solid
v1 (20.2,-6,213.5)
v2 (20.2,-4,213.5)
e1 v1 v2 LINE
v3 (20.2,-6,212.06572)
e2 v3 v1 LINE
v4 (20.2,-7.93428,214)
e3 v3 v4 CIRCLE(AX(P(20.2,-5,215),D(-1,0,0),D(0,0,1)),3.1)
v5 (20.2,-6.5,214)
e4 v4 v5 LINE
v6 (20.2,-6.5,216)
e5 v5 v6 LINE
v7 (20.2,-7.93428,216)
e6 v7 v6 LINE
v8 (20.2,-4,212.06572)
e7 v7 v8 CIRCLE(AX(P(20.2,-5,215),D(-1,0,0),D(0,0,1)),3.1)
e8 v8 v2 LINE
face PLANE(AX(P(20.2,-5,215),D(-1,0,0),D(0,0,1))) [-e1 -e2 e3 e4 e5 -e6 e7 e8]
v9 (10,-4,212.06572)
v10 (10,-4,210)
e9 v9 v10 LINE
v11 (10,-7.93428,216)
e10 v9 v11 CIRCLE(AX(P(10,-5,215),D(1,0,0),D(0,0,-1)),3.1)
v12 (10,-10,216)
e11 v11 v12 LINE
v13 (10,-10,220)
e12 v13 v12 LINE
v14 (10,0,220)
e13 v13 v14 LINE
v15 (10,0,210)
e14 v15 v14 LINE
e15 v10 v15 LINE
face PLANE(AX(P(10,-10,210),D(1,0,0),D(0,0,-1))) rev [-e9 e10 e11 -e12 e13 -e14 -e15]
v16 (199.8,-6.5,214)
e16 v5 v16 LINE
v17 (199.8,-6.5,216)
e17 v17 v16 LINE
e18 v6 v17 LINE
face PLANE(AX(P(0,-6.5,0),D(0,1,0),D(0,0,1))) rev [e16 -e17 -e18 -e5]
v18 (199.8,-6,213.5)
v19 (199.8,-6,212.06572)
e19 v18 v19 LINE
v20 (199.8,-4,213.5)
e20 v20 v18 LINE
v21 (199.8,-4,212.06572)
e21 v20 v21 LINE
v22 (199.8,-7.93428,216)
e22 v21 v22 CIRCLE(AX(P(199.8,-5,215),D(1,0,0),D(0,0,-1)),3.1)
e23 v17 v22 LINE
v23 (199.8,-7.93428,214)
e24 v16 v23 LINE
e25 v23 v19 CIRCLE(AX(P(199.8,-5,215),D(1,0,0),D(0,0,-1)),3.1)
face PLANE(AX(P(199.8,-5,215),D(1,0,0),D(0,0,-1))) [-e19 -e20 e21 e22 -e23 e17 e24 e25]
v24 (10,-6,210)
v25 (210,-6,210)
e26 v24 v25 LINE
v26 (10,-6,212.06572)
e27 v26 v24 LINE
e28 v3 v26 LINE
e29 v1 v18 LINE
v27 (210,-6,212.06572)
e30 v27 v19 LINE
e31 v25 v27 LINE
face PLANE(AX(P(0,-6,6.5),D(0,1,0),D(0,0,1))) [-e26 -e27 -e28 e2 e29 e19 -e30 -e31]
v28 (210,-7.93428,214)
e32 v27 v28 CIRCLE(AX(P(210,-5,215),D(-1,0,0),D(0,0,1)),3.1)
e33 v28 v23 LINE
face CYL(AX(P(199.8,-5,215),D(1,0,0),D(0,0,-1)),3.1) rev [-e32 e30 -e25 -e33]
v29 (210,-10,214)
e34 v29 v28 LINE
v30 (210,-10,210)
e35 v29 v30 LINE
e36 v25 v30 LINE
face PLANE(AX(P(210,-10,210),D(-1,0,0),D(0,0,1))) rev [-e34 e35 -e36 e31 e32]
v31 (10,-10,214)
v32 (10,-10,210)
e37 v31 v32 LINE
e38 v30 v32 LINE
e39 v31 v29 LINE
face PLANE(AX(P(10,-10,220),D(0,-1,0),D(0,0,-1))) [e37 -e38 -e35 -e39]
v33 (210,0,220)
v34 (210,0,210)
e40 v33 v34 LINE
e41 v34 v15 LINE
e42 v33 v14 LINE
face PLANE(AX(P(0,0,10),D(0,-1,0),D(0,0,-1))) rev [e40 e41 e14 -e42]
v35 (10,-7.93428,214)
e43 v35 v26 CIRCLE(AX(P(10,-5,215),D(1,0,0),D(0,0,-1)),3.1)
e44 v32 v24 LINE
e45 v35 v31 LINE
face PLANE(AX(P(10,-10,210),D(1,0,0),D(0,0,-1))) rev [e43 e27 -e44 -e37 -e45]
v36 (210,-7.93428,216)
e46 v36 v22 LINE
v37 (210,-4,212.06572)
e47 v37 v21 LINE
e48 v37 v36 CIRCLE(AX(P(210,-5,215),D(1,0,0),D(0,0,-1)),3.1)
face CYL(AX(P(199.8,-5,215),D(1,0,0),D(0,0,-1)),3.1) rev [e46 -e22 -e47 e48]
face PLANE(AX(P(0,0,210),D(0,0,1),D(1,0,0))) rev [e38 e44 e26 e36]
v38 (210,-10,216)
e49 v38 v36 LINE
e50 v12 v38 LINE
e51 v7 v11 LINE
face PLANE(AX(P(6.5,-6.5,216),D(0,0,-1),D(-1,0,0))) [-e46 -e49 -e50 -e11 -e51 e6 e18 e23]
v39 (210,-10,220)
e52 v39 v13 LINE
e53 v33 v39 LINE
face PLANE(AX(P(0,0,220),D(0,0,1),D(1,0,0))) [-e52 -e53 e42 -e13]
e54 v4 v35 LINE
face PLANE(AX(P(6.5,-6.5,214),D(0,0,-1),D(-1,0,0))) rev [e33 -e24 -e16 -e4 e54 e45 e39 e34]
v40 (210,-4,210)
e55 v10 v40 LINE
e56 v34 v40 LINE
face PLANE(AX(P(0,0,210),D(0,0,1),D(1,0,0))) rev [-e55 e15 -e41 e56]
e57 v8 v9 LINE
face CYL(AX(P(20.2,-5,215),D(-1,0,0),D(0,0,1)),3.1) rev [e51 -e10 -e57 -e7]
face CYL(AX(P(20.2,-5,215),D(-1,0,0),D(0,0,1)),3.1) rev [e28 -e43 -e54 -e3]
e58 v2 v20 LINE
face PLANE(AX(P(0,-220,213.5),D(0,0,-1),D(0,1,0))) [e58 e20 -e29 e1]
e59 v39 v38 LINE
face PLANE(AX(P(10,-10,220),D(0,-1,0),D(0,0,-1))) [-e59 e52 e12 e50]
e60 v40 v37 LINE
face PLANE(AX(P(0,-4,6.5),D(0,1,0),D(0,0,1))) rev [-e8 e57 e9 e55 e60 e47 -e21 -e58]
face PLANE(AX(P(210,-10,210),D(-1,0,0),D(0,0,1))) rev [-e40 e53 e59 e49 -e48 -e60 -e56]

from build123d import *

# Parameters (mm, degrees)
CROQUIS2_W                   = 220
CROQUIS2_H                   = 220
CROQUIS2_W_2                 = 200
CROQUIS2_H_2                 = 200
SALIENTE_EXTRUIR1_DEPTH      = 10
CROQUIS3_W                   = 212
CROQUIS3_H                   = 212
CROQUIS3_W_2                 = 210
CROQUIS3_H_2                 = 210
CROQUIS3_W_3                 = 208
CROQUIS3_H_3                 = 208
CORTAR_EXTRUIR1_DEPTH        = 3.5
CROQUIS4_W                   = 10
CROQUIS4_H                   = 10
SALIENTE_EXTRUIR2_DEPTH      = 200
SALIENTE_EXTRUIR2_DEPTH_BACK = 10
CROQUIS6_W                   = 3.5
CROQUIS6_H                   = 2
CROQUIS6_W_2                 = 2
CROQUIS6_H_2                 = 3.5
CROQUIS6_W_3                 = 1.99805467
CORTAR_EXTRUIR2_DEPTH        = 203.5
CROQUIS7_W                   = 220
CROQUIS7_H                   = 220
CROQUIS7_W_2                 = 200
CROQUIS7_H_2                 = 200
SALIENTE_EXTRUIR3_DEPTH      = 10
CORTAR_EXTRUIR3_START        = -3.5
CROQUIS8_W                   = 207
CROQUIS8_H                   = 2
CORTAR_EXTRUIR3_DEPTH        = 207
MATRIZC1_COUNT               = 4
CROQUIS9_W                   = 86
CROQUIS9_H                   = 16
BRAZOS_DEPTH                 = 10
MATRIZC2_COUNT               = 4
CORTAR_EXTRUIR4_DEPTH        = 221
CORTAR_EXTRUIR6_DEPTH        = 11
CROQUIS12_R                  = 3.1
CORTAR_EXTRUIR7_DEPTH        = 10.2
CROQUIS13_R                  = 3.1
CORTAR_EXTRUIR8_DEPTH        = 10.2


with BuildPart() as part:
    # Croquis2 → Saliente-Extruir1 (new body)
    with BuildSketch(Plane.XY):
        with Locations((110, -110)):
            Rectangle(CROQUIS2_W, CROQUIS2_H)
        with Locations((110, -110)):
            Rectangle(CROQUIS2_W_2, CROQUIS2_H_2, mode=Mode.SUBTRACT)
    extrude(amount=SALIENTE_EXTRUIR1_DEPTH)

    # Croquis3 → Cortar-Extruir1 (cut)
    with BuildSketch(Plane.XY.offset(10)):
        with Locations((110, -110)):
            Rectangle(CROQUIS3_W, CROQUIS3_H)
        with Locations((110, -110)):
            Rectangle(CROQUIS3_W_2, CROQUIS3_H_2, mode=Mode.SUBTRACT)
        with Locations((110, -110)):
            Rectangle(CROQUIS3_W_2, CROQUIS3_H_2)
        with Locations((110, -110)):
            Rectangle(CROQUIS3_W_3, CROQUIS3_H_3, mode=Mode.SUBTRACT)
    extrude(amount=-CORTAR_EXTRUIR1_DEPTH, mode=Mode.SUBTRACT)

    # Croquis4 → Saliente-Extruir2 (add, two sides)
    with BuildSketch(Plane.XY.offset(10)) as saliente_extruir2_sk:
        with Locations((5, -5)):
            Rectangle(CROQUIS4_W, CROQUIS4_H)
        with Locations((215, -5)):
            Rectangle(CROQUIS4_W, CROQUIS4_H)
        with Locations((215, -215)):
            Rectangle(CROQUIS4_W, CROQUIS4_H)
        with Locations((5, -215)):
            Rectangle(CROQUIS4_W, CROQUIS4_H)
    extrude(amount=SALIENTE_EXTRUIR2_DEPTH)
    extrude(saliente_extruir2_sk.sketch, amount=-SALIENTE_EXTRUIR2_DEPTH_BACK)

    # Croquis6 → Cortar-Extruir2 (cut)
    with BuildSketch(Plane.XY.offset(210)):
        with Locations((8.25, -5)):
            Rectangle(CROQUIS6_W, CROQUIS6_H)
        with Locations((5, -8.25)):
            Rectangle(CROQUIS6_W_2, CROQUIS6_H_2)
        with Locations((211.75, -5)):
            Rectangle(CROQUIS6_W, CROQUIS6_H)
        with Locations((215, -8.25)):
            Rectangle(CROQUIS6_W_2, CROQUIS6_H_2)
        with Locations((211.75, -215)):
            Rectangle(CROQUIS6_W, CROQUIS6_H)
        with Locations((215.000972665, -211.75)):
            Rectangle(CROQUIS6_W_3, CROQUIS6_H_2)
        with Locations((5, -211.75)):
            Rectangle(CROQUIS6_W_2, CROQUIS6_H_2)
        with Locations((8.25, -215)):
            Rectangle(CROQUIS6_W, CROQUIS6_H)
    extrude(amount=-CORTAR_EXTRUIR2_DEPTH, mode=Mode.SUBTRACT)

    # Croquis7 → Saliente-Extruir3 (add)
    with BuildSketch(Plane.XY.offset(210)):
        with Locations((110, -110)):
            Rectangle(CROQUIS7_W, CROQUIS7_H)
        with Locations((110, -110)):
            Rectangle(CROQUIS7_W_2, CROQUIS7_H_2, mode=Mode.SUBTRACT)
    extrude(amount=SALIENTE_EXTRUIR3_DEPTH)

    # Croquis8 → Cortar-Extruir3 (cut)
    with BuildSketch(Plane(origin=(0, -210, 0), x_dir=(1, 0, 0), z_dir=(0, 1, 0)).offset(CORTAR_EXTRUIR3_START)):
        with Locations((110, -215)):
            Rectangle(CROQUIS8_W, CROQUIS8_H)
    cortar_extruir3 = extrude(amount=CORTAR_EXTRUIR3_DEPTH, mode=Mode.SUBTRACT)

    # MatrizC1: Cortar-Extruir3 ×4 about axis
    matrizc1_axis = Axis((0, -110, 110), (1, 0, 0))
    for i in range(1, MATRIZC1_COUNT):
        add(cortar_extruir3.rotate(matrizc1_axis, i * 360 / MATRIZC1_COUNT), mode=Mode.SUBTRACT)

    # Croquis9 → Brazos (add)
    with BuildSketch(Plane.XY.offset(220)):
        with Locations((43, -110)):
            Rectangle(CROQUIS9_W, CROQUIS9_H)
        with BuildLine():
            ThreePointArc((71.801526277, -112.25), (69.551526277, -110), (71.801526277, -107.75))
            Line((71.801526277, -107.75), (75, -107.75))
            ThreePointArc((75, -107.75), (77.25, -110), (75, -112.25))
            Line((75, -112.25), (71.801526277, -112.25))
        make_face(mode=Mode.SUBTRACT)
        with Locations((177, -110)):
            Rectangle(CROQUIS9_W, CROQUIS9_H)
        with BuildLine():
            Line((145, -107.75), (148.198473723, -107.75))
            ThreePointArc((148.198473723, -107.75), (150.448473723, -110), (148.198473723, -112.25))
            Line((148.198473723, -112.25), (145, -112.25))
            ThreePointArc((145, -112.25), (142.75, -110), (145, -107.75))
        make_face(mode=Mode.SUBTRACT)
    extrude(amount=-BRAZOS_DEPTH)

    # MatrizC2: Cortar-Extruir3 ×4 about axis
    matrizc2_axis = Axis((110, 0, 110), (0, 1, 0))
    for i in range(1, MATRIZC2_COUNT):
        add(cortar_extruir3.rotate(matrizc2_axis, i * 360 / MATRIZC2_COUNT), mode=Mode.SUBTRACT)

    # Croquis10 → Cortar-Extruir4 (cut, through all)
    with BuildSketch(Plane(origin=(0, 0, 0), x_dir=(1, 0, 0), z_dir=(0, 1, 0))):
        Polygon((210, -210), (-54.613887122, -210), (-54.613887122, 5.730335669), (210, 5.730335669), (296.699829043, 5.730335669), (296.699829043, -210), align=None)
    extrude(amount=-CORTAR_EXTRUIR4_DEPTH, mode=Mode.SUBTRACT)

    # Croquis11 → Cortar-Extruir6 (cut, through all)
    with BuildSketch(Plane.XY.offset(220)):
        Polygon((225.348159566, -10), (300.018724731, -10), (300.018724731, -229.853044827), (10, -229.853044827), (-53.650825238, -229.853044827), (-53.650825238, -10), (-6.520912183, -10), (-6.520912183, 9.079623398), (10, 9.079623398), (10, -10), (210, -10), (210, 9.87282219), (225.348159566, 9.87282219), align=None)
    extrude(amount=-CORTAR_EXTRUIR6_DEPTH, mode=Mode.SUBTRACT)

    # Croquis12 → Cortar-Extruir7 (cut)
    with BuildSketch(Plane.ZY.offset(-10)):
        with Locations((215, -5)):
            Circle(CROQUIS12_R)
    extrude(amount=-CORTAR_EXTRUIR7_DEPTH, mode=Mode.SUBTRACT)

    # Croquis13 → Cortar-Extruir8 (cut)
    with BuildSketch(Plane(origin=(210, 0, 0), x_dir=(0, 0, -1), z_dir=(1, 0, 0))):
        with Locations((-215, -5)):
            Circle(CROQUIS13_R)
    extrude(amount=-CORTAR_EXTRUIR8_DEPTH, mode=Mode.SUBTRACT)


solid = part.part
